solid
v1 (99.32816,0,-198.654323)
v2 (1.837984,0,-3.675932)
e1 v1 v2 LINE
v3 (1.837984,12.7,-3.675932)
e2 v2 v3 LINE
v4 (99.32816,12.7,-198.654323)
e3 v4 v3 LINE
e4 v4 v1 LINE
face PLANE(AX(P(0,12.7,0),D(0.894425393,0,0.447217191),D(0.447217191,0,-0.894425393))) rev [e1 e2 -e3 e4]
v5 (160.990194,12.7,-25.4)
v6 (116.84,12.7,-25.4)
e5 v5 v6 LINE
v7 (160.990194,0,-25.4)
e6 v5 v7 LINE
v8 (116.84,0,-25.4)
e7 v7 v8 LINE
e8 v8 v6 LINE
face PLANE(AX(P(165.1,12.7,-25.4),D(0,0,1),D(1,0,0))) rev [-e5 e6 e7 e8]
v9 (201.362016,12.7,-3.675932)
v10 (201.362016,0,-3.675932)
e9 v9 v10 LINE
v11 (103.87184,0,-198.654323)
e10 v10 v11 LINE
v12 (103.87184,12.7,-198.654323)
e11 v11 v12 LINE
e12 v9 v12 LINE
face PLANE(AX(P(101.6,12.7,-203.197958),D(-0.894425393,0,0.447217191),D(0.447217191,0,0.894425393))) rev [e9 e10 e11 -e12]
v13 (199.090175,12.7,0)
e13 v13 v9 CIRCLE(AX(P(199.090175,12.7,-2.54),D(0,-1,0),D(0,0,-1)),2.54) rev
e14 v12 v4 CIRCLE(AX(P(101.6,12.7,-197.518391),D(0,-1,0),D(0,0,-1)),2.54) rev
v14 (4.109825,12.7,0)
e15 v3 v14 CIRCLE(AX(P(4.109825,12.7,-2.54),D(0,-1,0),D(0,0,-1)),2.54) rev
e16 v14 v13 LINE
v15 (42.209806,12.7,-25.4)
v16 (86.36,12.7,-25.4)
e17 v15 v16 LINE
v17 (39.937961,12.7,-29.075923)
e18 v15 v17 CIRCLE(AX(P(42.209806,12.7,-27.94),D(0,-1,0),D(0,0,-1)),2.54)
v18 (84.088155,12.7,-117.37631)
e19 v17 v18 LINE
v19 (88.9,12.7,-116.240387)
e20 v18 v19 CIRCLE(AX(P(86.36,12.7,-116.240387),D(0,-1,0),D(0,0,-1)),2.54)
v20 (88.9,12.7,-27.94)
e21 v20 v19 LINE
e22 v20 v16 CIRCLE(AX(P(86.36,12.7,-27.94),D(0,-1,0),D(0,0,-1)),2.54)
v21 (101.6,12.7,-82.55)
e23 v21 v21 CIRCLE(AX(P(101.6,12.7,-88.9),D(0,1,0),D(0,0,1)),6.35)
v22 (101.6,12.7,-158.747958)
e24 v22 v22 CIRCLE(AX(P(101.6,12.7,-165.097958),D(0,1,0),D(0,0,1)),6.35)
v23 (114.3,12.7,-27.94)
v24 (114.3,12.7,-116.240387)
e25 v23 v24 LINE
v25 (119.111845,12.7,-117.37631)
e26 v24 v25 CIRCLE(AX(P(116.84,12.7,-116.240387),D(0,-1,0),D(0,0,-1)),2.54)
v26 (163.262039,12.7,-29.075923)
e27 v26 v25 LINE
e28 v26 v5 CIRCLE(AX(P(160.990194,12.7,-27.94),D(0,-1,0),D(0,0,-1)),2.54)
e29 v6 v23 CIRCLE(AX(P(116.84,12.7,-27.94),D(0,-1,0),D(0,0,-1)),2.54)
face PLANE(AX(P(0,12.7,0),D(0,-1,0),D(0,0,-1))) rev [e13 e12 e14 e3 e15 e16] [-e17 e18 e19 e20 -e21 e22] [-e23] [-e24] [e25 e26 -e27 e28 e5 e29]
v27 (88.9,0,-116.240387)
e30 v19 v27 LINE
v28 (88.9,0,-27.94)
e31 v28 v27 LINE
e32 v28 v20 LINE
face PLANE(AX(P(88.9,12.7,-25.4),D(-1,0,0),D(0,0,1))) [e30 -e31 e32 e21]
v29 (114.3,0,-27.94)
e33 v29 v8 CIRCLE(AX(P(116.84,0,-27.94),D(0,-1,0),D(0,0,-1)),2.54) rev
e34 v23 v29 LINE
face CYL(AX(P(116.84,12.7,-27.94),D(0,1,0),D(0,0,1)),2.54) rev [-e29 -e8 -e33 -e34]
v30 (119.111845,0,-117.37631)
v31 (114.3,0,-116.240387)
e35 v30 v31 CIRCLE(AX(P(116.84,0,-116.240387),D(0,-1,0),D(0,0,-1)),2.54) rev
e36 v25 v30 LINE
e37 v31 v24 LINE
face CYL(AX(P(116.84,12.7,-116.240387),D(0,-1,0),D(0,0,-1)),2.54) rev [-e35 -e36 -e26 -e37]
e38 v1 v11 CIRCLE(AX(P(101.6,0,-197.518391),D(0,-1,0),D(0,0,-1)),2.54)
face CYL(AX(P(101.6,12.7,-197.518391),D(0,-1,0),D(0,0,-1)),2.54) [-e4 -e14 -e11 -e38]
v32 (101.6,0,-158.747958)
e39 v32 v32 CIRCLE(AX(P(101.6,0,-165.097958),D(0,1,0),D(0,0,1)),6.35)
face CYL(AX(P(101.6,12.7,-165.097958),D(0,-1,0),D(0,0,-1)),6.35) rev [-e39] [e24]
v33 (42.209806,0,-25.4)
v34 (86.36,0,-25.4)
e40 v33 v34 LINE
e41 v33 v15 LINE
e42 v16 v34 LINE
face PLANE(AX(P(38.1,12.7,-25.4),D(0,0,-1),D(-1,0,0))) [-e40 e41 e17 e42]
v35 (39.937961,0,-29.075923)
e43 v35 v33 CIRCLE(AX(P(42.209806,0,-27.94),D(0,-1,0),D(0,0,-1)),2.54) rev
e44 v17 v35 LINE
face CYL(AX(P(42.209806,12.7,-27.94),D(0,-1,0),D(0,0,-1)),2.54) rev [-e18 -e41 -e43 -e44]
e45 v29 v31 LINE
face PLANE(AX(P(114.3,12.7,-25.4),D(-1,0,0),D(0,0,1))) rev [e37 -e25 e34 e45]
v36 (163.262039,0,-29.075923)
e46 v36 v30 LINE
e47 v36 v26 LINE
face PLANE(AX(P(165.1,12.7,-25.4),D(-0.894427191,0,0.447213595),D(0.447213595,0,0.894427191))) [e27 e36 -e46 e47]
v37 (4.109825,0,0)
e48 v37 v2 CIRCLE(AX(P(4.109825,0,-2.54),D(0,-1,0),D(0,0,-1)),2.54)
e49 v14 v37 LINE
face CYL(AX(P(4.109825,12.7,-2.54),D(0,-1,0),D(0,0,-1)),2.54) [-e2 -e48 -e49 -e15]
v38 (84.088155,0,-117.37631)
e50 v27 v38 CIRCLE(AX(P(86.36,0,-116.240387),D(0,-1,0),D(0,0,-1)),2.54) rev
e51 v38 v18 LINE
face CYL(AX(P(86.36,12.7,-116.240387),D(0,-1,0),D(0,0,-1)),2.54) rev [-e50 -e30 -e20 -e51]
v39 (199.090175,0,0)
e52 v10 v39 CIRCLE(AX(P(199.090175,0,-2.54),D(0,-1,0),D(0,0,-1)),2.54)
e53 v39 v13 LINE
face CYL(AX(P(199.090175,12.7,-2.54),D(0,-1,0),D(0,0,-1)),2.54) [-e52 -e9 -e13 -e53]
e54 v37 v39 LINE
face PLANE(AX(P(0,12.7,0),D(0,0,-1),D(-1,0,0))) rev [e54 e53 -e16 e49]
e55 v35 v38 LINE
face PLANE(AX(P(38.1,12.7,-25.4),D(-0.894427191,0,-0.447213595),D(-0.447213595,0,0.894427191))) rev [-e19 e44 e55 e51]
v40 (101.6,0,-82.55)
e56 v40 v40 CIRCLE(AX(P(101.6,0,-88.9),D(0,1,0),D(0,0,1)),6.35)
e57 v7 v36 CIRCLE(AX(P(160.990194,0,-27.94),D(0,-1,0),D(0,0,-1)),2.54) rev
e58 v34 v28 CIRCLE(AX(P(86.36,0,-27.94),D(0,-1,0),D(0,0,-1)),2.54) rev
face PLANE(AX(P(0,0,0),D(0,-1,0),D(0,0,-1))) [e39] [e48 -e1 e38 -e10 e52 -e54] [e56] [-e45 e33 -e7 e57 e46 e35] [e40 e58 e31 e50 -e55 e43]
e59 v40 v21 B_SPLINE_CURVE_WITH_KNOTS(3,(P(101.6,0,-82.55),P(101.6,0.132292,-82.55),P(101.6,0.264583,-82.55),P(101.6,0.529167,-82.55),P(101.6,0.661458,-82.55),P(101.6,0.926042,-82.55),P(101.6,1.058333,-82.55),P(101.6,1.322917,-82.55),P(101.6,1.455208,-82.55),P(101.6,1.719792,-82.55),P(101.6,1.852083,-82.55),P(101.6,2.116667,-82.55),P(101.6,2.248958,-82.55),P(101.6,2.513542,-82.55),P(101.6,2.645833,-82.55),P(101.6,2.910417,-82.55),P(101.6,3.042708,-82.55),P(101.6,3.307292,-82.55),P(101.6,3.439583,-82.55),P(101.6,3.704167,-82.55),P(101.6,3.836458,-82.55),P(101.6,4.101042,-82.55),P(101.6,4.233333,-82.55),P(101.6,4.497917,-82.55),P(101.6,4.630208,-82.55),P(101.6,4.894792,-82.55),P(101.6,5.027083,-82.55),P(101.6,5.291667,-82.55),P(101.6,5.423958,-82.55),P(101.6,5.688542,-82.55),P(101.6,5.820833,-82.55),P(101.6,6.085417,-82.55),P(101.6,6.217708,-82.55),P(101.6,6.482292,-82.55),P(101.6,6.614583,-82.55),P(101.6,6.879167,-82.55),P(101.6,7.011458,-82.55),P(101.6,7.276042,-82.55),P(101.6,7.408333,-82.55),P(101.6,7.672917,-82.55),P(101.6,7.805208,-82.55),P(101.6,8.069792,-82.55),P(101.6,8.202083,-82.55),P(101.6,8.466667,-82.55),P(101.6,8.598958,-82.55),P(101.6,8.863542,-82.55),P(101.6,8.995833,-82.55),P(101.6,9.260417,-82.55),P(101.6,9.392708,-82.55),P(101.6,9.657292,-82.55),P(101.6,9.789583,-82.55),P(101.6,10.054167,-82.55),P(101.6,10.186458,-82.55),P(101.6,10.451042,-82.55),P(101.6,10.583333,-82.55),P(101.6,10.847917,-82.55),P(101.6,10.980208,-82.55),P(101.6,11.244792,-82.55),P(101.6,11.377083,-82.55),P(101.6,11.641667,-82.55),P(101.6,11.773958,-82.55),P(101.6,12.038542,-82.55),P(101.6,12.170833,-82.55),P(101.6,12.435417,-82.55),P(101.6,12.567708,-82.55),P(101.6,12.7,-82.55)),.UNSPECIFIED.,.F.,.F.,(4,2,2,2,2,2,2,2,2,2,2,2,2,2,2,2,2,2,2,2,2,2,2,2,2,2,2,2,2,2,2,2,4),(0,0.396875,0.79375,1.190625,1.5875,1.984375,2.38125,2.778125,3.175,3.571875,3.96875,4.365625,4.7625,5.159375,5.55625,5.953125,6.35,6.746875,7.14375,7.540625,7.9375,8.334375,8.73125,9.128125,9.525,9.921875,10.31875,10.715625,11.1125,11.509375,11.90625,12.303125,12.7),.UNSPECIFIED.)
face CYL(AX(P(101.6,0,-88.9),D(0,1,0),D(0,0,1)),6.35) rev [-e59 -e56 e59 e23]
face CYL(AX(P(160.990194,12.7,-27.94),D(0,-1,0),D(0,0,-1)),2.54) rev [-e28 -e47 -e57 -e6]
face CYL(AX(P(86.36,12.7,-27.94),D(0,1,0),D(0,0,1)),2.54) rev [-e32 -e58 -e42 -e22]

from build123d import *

# Parameters (mm, degrees)
BOSS_EXTRUDE1_DEPTH = 12.7
SKETCH2_R           = 6.35
CUT_EXTRUDE5_DEPTH  = 12.7
FILLET1_R           = 2.54
FILLET2_R           = 2.54
SKETCH3_R           = 6.35
CUT_EXTRUDE6_DEPTH  = 12.7


with BuildPart() as part:
    # Sketch1 → Boss-Extrude1 (new body)
    with BuildSketch(Plane(origin=(0, 0, 0), x_dir=(1, 0, 0), z_dir=(0, 1, 0))):
        Polygon((0, 0), (203.2, 0), (101.6, 203.197957893), align=None)
    extrude(amount=BOSS_EXTRUDE1_DEPTH)

    # Sketch2 → Cut-Extrude5 (cut)
    with BuildSketch(Plane(origin=(0, 0, 0), x_dir=(1, 0, 0), z_dir=(0, 1, 0))):
        with Locations(Location((101.6, 165.097957893, 0), (0, 0, 270))):
            Circle(SKETCH2_R)
        Polygon((38.1, 25.4), (88.9, 25.4), (88.9, 127), align=None)
        Polygon((165.1, 25.4), (114.3, 25.4), (114.3, 127), align=None)
    extrude(amount=CUT_EXTRUDE5_DEPTH, mode=Mode.SUBTRACT)

    # Fillet1
    fillet1_edges = [part.edges().sort_by_distance(p)[0] for p in [
        (101.6, 6.35, -203.197957893),
        (203.2, 6.35, 0),
        (0, 6.35, 0),
    ]]
    fillet(fillet1_edges, radius=FILLET1_R)

    # Fillet2
    fillet2_edges = [part.edges().sort_by_distance(p)[0] for p in [
        (38.1, 6.35, -25.4),
        (88.9, 6.35, -25.4),
        (88.9, 6.35, -127),
        (165.1, 6.35, -25.4),
        (114.3, 6.35, -127),
        (114.3, 6.35, -25.4),
    ]]
    fillet(fillet2_edges, radius=FILLET2_R)

    # Sketch3 → Cut-Extrude6 (cut)
    with BuildSketch(Plane(origin=(0, 12.7, 0), x_dir=(1, 0, 0), z_dir=(0, 1, 0))):
        with Locations(Location((101.6, 88.9, 0), (0, 0, 270))):
            Circle(SKETCH3_R)
    extrude(amount=-CUT_EXTRUDE6_DEPTH, mode=Mode.SUBTRACT)


solid = part.part
